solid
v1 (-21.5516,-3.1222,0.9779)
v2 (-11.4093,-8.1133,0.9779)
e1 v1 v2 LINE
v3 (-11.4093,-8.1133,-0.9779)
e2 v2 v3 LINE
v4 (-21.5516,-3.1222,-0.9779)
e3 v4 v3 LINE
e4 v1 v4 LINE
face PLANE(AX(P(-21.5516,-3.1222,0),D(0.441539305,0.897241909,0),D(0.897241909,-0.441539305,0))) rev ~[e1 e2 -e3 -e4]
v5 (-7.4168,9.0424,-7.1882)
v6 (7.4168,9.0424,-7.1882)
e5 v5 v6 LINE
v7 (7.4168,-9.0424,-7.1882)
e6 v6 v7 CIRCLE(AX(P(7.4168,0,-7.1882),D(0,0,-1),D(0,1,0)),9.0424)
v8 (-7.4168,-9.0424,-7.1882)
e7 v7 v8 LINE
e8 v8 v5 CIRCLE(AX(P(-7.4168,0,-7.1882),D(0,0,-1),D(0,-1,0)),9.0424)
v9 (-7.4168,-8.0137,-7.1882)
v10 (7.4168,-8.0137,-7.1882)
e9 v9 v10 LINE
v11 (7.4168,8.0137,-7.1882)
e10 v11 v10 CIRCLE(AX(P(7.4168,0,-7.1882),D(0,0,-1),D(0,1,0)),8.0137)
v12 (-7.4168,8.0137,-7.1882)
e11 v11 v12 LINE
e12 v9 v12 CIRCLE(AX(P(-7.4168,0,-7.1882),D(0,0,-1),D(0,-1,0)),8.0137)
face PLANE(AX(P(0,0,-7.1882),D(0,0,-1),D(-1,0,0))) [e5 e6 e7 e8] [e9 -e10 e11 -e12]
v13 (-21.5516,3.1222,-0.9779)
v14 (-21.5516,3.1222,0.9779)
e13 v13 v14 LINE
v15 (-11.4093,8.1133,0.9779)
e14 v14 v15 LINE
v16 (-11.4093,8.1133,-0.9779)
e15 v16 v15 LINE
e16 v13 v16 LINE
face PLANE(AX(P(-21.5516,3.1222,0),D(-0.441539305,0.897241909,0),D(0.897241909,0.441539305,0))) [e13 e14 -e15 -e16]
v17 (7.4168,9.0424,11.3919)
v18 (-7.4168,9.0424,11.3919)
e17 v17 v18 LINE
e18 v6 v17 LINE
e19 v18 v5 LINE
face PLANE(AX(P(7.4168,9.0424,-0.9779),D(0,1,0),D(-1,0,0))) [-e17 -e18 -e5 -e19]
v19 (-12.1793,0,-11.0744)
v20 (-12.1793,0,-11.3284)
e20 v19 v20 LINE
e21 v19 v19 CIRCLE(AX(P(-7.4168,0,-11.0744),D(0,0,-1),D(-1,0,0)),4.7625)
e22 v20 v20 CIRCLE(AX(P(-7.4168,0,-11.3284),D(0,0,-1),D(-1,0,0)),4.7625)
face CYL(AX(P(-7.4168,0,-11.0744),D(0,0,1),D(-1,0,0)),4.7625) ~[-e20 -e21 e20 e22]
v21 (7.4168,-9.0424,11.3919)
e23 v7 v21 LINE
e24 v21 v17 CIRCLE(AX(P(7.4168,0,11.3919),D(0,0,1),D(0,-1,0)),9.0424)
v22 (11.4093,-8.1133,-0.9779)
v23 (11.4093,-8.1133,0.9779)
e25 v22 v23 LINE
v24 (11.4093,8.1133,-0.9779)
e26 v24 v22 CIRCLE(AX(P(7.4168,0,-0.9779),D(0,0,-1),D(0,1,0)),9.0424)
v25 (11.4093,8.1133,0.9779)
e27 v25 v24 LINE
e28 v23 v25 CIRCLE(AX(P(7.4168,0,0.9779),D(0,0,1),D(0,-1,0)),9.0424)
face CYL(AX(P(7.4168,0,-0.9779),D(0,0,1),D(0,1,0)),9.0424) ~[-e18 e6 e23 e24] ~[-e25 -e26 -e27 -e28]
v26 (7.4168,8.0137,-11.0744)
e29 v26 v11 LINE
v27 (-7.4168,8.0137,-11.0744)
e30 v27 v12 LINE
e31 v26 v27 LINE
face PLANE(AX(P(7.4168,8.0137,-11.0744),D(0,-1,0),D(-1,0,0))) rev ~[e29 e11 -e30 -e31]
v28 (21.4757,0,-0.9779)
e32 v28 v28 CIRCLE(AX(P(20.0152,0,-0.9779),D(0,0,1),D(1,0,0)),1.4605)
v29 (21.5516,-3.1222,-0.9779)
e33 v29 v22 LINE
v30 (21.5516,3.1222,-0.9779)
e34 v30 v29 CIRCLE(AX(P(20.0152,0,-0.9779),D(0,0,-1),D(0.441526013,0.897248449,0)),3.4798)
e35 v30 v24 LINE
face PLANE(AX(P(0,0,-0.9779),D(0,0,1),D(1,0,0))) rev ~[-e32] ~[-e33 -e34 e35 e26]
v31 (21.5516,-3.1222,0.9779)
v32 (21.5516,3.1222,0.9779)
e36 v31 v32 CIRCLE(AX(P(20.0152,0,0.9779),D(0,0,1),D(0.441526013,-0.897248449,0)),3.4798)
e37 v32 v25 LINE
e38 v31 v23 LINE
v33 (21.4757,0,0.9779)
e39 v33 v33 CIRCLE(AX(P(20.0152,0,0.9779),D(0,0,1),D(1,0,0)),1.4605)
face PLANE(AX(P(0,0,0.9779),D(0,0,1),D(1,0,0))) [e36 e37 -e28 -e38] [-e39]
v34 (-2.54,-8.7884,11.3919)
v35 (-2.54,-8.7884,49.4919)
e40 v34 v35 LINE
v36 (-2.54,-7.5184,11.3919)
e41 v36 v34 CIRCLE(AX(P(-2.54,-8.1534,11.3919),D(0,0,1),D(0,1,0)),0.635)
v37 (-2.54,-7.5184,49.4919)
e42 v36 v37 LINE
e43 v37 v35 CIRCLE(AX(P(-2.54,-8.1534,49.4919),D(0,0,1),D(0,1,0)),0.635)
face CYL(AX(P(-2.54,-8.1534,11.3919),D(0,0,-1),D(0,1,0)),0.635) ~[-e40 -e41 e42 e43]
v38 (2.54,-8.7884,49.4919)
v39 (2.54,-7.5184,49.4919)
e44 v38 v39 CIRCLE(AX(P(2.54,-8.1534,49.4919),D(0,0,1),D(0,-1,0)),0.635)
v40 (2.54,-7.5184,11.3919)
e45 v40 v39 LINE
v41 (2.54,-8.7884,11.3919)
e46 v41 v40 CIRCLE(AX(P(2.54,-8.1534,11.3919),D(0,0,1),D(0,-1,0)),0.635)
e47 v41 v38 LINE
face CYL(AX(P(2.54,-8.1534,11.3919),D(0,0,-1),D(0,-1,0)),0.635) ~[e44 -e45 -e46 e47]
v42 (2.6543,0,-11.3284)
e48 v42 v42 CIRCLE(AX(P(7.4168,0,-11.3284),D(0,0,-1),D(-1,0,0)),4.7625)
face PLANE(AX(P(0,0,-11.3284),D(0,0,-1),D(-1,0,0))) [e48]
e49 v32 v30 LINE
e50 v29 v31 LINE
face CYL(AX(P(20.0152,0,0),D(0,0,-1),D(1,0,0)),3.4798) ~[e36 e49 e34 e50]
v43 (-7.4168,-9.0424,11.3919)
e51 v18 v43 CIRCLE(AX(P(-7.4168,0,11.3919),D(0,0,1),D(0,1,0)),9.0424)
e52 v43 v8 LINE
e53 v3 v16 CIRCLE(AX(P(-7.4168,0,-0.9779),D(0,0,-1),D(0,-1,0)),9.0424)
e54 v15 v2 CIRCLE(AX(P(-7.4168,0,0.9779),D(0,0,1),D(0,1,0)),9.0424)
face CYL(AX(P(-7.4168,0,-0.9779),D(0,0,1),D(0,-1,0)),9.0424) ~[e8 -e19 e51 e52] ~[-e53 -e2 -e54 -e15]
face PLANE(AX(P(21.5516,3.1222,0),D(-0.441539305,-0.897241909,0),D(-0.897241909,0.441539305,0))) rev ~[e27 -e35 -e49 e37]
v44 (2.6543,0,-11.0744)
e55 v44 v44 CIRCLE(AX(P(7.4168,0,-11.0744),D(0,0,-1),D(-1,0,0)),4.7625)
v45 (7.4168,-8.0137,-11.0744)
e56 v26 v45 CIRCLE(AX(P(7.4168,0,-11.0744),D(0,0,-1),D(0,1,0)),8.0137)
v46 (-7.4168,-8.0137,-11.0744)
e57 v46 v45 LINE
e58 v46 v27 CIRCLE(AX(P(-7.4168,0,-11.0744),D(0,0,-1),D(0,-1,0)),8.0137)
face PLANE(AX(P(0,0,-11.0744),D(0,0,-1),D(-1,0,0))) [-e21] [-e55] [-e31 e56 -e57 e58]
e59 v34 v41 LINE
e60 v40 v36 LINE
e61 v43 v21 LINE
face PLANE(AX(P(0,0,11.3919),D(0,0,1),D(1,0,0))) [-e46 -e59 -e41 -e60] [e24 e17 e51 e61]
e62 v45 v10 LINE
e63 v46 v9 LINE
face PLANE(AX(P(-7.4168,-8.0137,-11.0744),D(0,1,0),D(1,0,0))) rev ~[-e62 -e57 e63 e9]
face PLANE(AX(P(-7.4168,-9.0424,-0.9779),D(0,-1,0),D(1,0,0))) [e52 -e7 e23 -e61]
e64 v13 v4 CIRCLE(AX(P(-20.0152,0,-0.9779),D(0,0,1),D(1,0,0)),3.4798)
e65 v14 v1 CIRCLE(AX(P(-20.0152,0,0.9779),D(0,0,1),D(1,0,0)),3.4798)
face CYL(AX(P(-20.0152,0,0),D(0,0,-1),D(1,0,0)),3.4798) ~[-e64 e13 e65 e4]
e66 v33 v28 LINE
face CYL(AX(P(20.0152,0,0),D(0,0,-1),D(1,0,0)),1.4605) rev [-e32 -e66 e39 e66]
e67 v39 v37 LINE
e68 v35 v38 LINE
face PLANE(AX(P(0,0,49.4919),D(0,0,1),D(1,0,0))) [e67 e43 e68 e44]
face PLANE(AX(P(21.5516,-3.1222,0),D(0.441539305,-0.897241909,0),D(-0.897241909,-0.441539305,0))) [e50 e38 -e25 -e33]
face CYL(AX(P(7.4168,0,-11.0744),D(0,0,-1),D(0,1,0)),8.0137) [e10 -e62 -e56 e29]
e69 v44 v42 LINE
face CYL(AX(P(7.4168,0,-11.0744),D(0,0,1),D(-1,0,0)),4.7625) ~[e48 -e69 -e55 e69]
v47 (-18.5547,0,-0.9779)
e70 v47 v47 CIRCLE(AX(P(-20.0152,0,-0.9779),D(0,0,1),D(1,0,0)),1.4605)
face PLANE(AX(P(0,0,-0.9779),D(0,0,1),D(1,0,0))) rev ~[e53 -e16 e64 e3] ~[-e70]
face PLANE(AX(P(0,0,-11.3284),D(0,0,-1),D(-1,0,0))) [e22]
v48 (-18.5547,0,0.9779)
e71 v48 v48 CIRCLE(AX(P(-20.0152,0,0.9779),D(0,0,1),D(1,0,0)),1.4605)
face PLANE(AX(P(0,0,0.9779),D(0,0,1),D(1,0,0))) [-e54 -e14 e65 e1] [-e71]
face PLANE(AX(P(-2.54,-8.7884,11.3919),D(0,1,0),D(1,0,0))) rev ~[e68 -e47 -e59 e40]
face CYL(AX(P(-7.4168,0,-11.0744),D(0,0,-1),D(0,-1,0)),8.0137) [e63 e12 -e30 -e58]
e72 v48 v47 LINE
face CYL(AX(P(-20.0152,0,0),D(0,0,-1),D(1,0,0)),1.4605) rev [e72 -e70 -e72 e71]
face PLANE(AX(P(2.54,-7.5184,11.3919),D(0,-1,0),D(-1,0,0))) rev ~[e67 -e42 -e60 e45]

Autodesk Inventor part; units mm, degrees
ref_plane "YZ Plane" through (0, 0, 0) normal (1, 0, 0) x (0, 1, 0)
ref_plane "XZ Plane" through (0, 0, 0) normal (0, 1, 0) x (-1, 0, 0)
ref_plane "XY Plane" through (0, 0, 0) normal (0, 0, 1) x (1, 0, 0)
sketch "Sketch12" plane through (0, 0, 0) normal (0, 0, 1) x (1, 0, 0)
  line L0 (-7.4168, 0) -> (7.4168, 0) construction
  line L1 (-7.4168, -9.0424) -> (7.4168, -9.0424)
  line L2 (7.4168, 9.0424) -> (-7.4168, 9.0424)
  arc A0 (-7.4168, 9.0424) -> (-7.4168, -9.0424) centre (-7.4168, 0) ccw
  arc A1 (7.4168, -9.0424) -> (7.4168, 9.0424) centre (7.4168, 0) ccw
  circle A2 centre (-20.0152, 0) radius 1.4605
  line L3 (0, 0) -> (0, -9.0424)
  circle A3 centre (-20.0152, 0) radius 3.4798
  line L4 (-21.5516, -3.1222) -> (-11.4093, -8.1133)
  line L5 (-21.5516, 3.1222) -> (-11.4093, 8.1133)
  circle A4 centre (20.0152, 0) radius 1.4605
  circle A5 centre (20.0152, 0) radius 3.4798
  line L6 (21.5516, -3.1222) -> (11.4093, -8.1133)
  line L7 (21.5516, 3.1222) -> (11.4093, 8.1133)
  point P0 (16.4592, 0)
  point P1 (-16.4592, 0)
  point P2 (11.4093, -8.1133)
  point P3 (11.4093, 8.1133)
  dimension "d107" = 32.9184
  dimension "d108" = 18.0848
  dimension "d109" = 40.0304
  dimension "d110" = 2.921
  dimension "d111" = 46.99
extrude "Extrusion1" add sketch "Sketch12" along normal mid plane 1.9558
sketch "Sketch13" plane through (0, 0, 0.9779) normal (0, 0, 1) x (1, 0, 0)
  arc A0 (-7.4168, 9.0424) -> (-7.4168, -9.0424) centre (-7.4168, 0) ccw projected
  arc A1 (7.4168, -9.0424) -> (7.4168, 9.0424) centre (7.4168, 0) ccw projected
  line L0 (7.4168, 9.0424) -> (-7.4168, 9.0424) projected
  line L1 (-7.4168, -9.0424) -> (7.4168, -9.0424) projected
  point P0 (0, 0)
extrude "Extrusion2" add sketch "Sketch13" along normal blind 10.414
sketch "Sketch14" plane through (0, 0, -0.9779) normal (0, 0, -1) x (-1, 0, 0)
  line L0 (7.4168, -9.0424) -> (-7.4168, -9.0424) projected
  arc A0 (-7.4168, 9.0424) -> (-7.4168, -9.0424) centre (-7.4168, 0) ccw projected
  line L1 (-7.4168, 9.0424) -> (7.4168, 9.0424) projected
  arc A1 (7.4168, -9.0424) -> (7.4168, 9.0424) centre (7.4168, 0) ccw projected
  point P0 (0, 0)
extrude "Extrusion3" add sketch "Sketch14" along normal blind 10.0965
sketch "Sketch15" plane through (0, 0, -11.0744) normal (0, 0, -1) x (-1, 0, 0)
  line L0 (-7.4168, -9.0424) -> (7.4168, -9.0424) projected
  arc A0 (7.4168, -9.0424) -> (7.4168, 9.0424) centre (7.4168, 0) ccw projected
  line L1 (7.4168, 9.0424) -> (-7.4168, 9.0424) projected
  arc A1 (-7.4168, 9.0424) -> (-7.4168, -9.0424) centre (-7.4168, 0) ccw projected
  line L2 (7.4168, -8.0137) -> (-7.4168, -8.0137)
  arc A2 (-7.4168, 8.0137) -> (-7.4168, -8.0137) centre (-7.4168, 0) ccw
  line L3 (-7.4168, 8.0137) -> (7.4168, 8.0137)
  arc A3 (7.4168, -8.0137) -> (7.4168, 8.0137) centre (7.4168, 0) ccw
  point P0 (0, 0)
  dimension "d118" = 16.0274
extrude "Extrusion4" cut sketch "Sketch15" against normal blind 3.8862
sketch "Sketch16" plane through (0, 0, -11.0744) normal (0, 0, -1) x (-1, 0, 0)
  arc A0 (7.4168, -8.0137) -> (7.4168, 8.0137) centre (7.4168, 0) ccw projected
  line L0 (7.4168, 8.0137) -> (-7.4168, 8.0137) projected
  arc A1 (-7.4168, 8.0137) -> (-7.4168, -8.0137) centre (-7.4168, 0) ccw projected
  line L1 (-7.4168, -8.0137) -> (7.4168, -8.0137) projected
  circle A2 centre (7.4168, 0) radius 4.7625
  circle A3 centre (-7.4168, 0) radius 4.7625
  point P0 (0, 0)
  dimension "d121" = 9.525
extrude "Extrusion5" add sketch "Sketch16" along normal blind 0.254 contours A2 | A3
sketch "Sketch17" plane through (0, 0, 11.3919) normal (0, 0, 1) x (1, 0, 0)
  line L0 (-7.4168, -9.0424) -> (7.4168, -9.0424) projected
  line L1 (2.54, -8.1534) -> (-2.54, -8.1534) construction
  line L2 (2.54, -7.5184) -> (-2.54, -7.5184)
  line L3 (-2.54, -8.7884) -> (2.54, -8.7884)
  arc A0 (2.54, -8.7884) -> (2.54, -7.5184) centre (2.54, -8.1534) ccw
  arc A1 (-2.54, -7.5184) -> (-2.54, -8.7884) centre (-2.54, -8.1534) ccw
  point P0 (0, 0)
  point P1 (0, -8.1534)
  point P2 (0, -8.7884)
  point P3 (0, -9.0424)
  dimension "d124" = 5.08
  dimension "d125" = 0.254
  dimension "d126" = 1.27
extrude "Extrusion6" add sketch "Sketch17" along normal blind 38.1
equation "\"BendRadius\" = Thickness"
equation "\"BendReliefWidth\" = Thickness"
equation "\"BendReliefDepth\" = 0.5 * Thickness"
equation "\"CornerReliefSize\" = 4 * Thickness"
equation "\"MinimumRemnant\" = 2 * Thickness"
equation "\"TransitionRadius\" = BendRadius"
equation "\"JacobiRadiusSize\" = BendRadius"
equation "\"GapSize\" = Thickness"
equation "\"Thickness\" = 4.7625"
properties part number "Cage Sensor" material "Steel, Mild"
